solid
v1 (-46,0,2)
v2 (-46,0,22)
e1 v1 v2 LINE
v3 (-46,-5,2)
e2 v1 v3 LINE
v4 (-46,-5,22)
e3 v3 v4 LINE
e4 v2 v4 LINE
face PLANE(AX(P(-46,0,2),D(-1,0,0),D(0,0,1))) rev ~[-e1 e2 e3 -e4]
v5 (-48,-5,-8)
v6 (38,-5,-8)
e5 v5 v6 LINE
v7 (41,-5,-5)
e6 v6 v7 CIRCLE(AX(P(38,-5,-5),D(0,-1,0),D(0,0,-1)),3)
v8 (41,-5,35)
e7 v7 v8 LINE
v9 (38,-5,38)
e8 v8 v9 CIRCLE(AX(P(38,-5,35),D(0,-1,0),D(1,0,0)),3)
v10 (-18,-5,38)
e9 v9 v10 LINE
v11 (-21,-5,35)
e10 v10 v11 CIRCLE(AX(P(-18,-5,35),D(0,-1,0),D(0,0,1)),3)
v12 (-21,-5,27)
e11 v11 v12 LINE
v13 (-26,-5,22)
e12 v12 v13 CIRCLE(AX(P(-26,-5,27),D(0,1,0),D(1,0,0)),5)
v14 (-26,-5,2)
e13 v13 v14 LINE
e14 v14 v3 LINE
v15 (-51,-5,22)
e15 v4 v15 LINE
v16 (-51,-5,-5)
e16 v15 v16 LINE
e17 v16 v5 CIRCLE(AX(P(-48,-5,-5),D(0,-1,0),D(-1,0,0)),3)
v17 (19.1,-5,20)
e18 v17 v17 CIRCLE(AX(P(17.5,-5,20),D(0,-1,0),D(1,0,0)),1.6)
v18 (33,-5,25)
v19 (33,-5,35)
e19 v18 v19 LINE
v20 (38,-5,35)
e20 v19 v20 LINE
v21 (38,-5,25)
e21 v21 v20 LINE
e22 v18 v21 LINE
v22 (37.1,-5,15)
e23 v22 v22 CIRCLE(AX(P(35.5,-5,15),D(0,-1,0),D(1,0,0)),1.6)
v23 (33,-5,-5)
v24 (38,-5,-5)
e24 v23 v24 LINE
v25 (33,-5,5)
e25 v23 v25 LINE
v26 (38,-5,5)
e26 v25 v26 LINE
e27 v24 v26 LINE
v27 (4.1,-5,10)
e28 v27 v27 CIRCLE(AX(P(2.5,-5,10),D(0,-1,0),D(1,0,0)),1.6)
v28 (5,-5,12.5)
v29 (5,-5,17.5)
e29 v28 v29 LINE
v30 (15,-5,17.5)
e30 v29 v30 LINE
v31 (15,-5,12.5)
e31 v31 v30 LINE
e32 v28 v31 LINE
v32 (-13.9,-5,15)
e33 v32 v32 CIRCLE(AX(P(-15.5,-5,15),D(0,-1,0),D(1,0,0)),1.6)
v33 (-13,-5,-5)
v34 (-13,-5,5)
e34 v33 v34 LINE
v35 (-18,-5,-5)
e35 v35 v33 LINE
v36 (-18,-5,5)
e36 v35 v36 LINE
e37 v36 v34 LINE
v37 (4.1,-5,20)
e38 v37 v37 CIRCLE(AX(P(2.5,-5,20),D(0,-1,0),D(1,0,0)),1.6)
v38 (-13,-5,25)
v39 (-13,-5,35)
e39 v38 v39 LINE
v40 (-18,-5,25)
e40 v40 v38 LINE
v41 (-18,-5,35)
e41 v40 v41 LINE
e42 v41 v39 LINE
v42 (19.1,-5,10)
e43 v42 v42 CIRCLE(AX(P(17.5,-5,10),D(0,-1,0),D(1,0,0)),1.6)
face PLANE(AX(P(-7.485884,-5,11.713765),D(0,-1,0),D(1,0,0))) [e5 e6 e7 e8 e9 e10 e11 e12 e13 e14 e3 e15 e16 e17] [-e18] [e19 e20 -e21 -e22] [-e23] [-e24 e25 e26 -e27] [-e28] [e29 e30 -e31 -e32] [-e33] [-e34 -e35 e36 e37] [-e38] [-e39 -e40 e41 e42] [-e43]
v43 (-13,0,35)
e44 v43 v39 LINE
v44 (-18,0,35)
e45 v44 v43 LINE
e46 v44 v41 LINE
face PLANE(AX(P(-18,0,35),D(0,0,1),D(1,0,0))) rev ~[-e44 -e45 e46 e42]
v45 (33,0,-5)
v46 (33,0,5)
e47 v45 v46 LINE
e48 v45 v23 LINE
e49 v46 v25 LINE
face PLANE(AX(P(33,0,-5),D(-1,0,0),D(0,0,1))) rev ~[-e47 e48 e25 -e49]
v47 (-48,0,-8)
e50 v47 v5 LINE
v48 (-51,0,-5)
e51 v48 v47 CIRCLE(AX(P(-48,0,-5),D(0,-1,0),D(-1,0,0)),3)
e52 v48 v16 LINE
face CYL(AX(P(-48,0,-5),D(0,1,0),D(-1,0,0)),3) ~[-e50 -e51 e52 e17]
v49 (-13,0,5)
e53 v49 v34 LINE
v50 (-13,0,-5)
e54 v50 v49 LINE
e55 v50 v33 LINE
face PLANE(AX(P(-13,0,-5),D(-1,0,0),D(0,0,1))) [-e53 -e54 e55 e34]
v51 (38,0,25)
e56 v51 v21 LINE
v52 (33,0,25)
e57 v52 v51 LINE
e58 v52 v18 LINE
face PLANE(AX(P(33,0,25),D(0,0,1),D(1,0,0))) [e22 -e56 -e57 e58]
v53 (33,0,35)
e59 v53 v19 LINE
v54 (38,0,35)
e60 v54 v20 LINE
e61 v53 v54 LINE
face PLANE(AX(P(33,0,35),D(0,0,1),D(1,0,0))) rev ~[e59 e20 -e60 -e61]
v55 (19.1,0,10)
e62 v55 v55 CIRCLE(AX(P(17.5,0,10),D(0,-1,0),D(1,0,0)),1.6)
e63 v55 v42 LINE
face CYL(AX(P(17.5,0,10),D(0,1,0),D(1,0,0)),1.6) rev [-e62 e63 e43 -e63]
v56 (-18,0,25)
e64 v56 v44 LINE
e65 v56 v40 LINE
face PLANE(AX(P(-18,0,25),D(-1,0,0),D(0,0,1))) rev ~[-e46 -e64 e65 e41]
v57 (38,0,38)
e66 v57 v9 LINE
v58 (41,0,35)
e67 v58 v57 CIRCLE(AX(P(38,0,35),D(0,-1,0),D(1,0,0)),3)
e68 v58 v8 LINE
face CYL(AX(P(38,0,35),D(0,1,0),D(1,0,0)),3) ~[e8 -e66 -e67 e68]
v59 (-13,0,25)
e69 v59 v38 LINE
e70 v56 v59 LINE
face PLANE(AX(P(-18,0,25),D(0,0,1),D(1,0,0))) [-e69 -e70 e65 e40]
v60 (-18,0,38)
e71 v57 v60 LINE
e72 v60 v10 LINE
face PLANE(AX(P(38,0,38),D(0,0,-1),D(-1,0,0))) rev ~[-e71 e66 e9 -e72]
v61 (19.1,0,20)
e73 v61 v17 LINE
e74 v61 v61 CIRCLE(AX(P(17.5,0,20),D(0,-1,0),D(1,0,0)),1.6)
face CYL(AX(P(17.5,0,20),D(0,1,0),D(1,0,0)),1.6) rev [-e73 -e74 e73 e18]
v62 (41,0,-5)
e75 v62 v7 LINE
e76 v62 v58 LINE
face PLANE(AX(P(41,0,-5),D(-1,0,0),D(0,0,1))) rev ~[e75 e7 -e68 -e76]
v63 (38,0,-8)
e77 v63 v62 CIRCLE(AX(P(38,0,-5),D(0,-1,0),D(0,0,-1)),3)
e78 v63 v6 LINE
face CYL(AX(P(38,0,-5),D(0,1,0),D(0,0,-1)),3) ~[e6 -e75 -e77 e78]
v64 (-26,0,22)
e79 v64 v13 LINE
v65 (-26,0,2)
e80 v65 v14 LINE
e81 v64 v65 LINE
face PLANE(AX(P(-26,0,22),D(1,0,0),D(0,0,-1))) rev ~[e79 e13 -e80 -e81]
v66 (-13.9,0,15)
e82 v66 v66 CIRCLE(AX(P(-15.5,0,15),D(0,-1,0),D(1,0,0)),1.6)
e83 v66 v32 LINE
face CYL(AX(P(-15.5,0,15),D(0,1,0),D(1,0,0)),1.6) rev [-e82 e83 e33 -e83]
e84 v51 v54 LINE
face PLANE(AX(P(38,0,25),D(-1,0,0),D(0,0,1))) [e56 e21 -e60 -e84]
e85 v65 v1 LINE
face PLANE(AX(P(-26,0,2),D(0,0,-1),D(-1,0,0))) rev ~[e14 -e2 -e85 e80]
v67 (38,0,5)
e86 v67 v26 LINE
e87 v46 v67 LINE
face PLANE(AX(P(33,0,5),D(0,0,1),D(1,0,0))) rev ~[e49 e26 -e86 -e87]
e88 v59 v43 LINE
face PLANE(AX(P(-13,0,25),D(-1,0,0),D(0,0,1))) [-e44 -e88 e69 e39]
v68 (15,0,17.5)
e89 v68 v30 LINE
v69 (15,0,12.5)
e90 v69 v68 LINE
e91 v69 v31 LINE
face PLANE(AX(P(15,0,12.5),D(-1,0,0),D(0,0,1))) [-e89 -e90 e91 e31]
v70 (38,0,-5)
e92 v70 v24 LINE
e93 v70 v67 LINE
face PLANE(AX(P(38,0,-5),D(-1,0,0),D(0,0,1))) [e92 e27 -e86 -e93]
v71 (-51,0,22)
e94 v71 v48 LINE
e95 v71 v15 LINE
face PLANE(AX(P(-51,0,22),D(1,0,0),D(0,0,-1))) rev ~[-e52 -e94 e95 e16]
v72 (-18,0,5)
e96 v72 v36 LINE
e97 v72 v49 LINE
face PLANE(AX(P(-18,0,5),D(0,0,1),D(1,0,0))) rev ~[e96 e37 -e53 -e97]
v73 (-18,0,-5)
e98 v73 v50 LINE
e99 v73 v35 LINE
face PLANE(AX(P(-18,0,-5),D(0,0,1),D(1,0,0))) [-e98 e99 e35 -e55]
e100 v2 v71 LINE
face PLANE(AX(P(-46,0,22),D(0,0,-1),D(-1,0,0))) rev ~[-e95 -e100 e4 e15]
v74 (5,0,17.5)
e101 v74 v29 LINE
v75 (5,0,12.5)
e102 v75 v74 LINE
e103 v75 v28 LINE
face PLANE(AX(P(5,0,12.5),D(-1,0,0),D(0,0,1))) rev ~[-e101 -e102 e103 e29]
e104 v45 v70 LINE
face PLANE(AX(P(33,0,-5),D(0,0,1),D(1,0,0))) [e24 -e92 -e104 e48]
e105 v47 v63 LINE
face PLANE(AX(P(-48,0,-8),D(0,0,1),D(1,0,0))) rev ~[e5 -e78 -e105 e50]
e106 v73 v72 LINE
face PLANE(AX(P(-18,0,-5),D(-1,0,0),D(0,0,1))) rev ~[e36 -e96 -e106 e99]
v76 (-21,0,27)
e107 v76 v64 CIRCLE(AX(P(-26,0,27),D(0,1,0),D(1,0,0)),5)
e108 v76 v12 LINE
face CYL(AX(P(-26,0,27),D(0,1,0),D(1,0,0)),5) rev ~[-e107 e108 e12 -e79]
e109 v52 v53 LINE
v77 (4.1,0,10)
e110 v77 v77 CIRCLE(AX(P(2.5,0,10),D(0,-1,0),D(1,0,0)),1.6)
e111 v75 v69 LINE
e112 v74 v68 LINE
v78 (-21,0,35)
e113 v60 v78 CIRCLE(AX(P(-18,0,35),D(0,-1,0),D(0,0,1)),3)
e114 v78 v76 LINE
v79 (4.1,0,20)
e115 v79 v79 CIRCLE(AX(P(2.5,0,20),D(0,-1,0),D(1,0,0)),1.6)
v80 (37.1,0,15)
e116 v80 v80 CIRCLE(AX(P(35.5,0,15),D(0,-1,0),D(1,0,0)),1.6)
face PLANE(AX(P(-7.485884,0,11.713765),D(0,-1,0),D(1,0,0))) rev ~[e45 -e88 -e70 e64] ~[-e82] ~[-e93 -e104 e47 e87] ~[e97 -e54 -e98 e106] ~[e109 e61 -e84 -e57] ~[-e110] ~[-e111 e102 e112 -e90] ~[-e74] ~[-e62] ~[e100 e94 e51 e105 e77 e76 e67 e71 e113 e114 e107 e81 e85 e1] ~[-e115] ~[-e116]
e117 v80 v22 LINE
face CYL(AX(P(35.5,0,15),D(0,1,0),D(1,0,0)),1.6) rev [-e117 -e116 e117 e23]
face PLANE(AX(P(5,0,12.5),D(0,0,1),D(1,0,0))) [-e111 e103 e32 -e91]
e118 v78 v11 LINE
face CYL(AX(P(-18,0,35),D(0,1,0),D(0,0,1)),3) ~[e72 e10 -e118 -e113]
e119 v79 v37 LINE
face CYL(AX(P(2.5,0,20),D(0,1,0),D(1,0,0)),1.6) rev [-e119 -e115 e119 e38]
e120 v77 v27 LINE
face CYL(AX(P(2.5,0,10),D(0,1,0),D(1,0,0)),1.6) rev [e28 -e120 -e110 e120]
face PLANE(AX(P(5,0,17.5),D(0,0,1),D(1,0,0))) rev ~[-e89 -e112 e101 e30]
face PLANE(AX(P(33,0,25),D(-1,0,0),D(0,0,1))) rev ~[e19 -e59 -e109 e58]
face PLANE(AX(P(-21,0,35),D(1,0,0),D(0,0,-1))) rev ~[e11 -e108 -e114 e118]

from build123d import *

# Parameters (mm, degrees)
F1_W     = 5
F1_H     = 10
F1_R     = 1.6
F1_W_2   = 10
F1_H_2   = 5
F2_DEPTH = 5


with BuildPart() as f2:
    # F1 (on Front) → F2 (new body)
    with BuildSketch(Plane.XZ):
        with BuildLine():
            Line((-21, 35), (-21, 27))
            ThreePointArc((-21, 27), (-22.4644660941, 23.4644660941), (-26, 22))
            Line((-26, 22), (-26, 2))
            Line((-26, 2), (-46, 2))
            Line((-46, 2), (-46, 22))
            Line((-46, 22), (-51, 22))
            Line((-51, 22), (-51, -5))
            ThreePointArc((-51, -5), (-50.1213203436, -7.1213203436), (-48, -8))
            Line((-48, -8), (38, -8))
            ThreePointArc((38, -8), (40.1213203436, -7.1213203436), (41, -5))
            Line((41, -5), (41, 35))
            ThreePointArc((41, 35), (40.1213203436, 37.1213203436), (38, 38))
            Line((38, 38), (-18, 38))
            ThreePointArc((-18, 38), (-20.1213203436, 37.1213203436), (-21, 35))
        make_face()
        with Locations((-15.5, 0)):
            Rectangle(F1_W, F1_H, mode=Mode.SUBTRACT)
        with Locations((35.5, 0)):
            Rectangle(F1_W, F1_H, mode=Mode.SUBTRACT)
        with Locations((2.5, 10)):
            Circle(F1_R, mode=Mode.SUBTRACT)
        with Locations((17.5, 10)):
            Circle(F1_R, mode=Mode.SUBTRACT)
        with Locations((-15.5, 15)):
            Circle(F1_R, mode=Mode.SUBTRACT)
        with Locations((-15.5, 30)):
            Rectangle(F1_W, F1_H, mode=Mode.SUBTRACT)
        with Locations((2.5, 20)):
            Circle(F1_R, mode=Mode.SUBTRACT)
        with Locations((10, 15)):
            Rectangle(F1_W_2, F1_H_2, mode=Mode.SUBTRACT)
        with Locations((17.5, 20)):
            Circle(F1_R, mode=Mode.SUBTRACT)
        with Locations((35.5, 15)):
            Circle(F1_R, mode=Mode.SUBTRACT)
        with Locations((35.5, 30)):
            Rectangle(F1_W, F1_H, mode=Mode.SUBTRACT)
    extrude(amount=F2_DEPTH)


solid = f2.part
